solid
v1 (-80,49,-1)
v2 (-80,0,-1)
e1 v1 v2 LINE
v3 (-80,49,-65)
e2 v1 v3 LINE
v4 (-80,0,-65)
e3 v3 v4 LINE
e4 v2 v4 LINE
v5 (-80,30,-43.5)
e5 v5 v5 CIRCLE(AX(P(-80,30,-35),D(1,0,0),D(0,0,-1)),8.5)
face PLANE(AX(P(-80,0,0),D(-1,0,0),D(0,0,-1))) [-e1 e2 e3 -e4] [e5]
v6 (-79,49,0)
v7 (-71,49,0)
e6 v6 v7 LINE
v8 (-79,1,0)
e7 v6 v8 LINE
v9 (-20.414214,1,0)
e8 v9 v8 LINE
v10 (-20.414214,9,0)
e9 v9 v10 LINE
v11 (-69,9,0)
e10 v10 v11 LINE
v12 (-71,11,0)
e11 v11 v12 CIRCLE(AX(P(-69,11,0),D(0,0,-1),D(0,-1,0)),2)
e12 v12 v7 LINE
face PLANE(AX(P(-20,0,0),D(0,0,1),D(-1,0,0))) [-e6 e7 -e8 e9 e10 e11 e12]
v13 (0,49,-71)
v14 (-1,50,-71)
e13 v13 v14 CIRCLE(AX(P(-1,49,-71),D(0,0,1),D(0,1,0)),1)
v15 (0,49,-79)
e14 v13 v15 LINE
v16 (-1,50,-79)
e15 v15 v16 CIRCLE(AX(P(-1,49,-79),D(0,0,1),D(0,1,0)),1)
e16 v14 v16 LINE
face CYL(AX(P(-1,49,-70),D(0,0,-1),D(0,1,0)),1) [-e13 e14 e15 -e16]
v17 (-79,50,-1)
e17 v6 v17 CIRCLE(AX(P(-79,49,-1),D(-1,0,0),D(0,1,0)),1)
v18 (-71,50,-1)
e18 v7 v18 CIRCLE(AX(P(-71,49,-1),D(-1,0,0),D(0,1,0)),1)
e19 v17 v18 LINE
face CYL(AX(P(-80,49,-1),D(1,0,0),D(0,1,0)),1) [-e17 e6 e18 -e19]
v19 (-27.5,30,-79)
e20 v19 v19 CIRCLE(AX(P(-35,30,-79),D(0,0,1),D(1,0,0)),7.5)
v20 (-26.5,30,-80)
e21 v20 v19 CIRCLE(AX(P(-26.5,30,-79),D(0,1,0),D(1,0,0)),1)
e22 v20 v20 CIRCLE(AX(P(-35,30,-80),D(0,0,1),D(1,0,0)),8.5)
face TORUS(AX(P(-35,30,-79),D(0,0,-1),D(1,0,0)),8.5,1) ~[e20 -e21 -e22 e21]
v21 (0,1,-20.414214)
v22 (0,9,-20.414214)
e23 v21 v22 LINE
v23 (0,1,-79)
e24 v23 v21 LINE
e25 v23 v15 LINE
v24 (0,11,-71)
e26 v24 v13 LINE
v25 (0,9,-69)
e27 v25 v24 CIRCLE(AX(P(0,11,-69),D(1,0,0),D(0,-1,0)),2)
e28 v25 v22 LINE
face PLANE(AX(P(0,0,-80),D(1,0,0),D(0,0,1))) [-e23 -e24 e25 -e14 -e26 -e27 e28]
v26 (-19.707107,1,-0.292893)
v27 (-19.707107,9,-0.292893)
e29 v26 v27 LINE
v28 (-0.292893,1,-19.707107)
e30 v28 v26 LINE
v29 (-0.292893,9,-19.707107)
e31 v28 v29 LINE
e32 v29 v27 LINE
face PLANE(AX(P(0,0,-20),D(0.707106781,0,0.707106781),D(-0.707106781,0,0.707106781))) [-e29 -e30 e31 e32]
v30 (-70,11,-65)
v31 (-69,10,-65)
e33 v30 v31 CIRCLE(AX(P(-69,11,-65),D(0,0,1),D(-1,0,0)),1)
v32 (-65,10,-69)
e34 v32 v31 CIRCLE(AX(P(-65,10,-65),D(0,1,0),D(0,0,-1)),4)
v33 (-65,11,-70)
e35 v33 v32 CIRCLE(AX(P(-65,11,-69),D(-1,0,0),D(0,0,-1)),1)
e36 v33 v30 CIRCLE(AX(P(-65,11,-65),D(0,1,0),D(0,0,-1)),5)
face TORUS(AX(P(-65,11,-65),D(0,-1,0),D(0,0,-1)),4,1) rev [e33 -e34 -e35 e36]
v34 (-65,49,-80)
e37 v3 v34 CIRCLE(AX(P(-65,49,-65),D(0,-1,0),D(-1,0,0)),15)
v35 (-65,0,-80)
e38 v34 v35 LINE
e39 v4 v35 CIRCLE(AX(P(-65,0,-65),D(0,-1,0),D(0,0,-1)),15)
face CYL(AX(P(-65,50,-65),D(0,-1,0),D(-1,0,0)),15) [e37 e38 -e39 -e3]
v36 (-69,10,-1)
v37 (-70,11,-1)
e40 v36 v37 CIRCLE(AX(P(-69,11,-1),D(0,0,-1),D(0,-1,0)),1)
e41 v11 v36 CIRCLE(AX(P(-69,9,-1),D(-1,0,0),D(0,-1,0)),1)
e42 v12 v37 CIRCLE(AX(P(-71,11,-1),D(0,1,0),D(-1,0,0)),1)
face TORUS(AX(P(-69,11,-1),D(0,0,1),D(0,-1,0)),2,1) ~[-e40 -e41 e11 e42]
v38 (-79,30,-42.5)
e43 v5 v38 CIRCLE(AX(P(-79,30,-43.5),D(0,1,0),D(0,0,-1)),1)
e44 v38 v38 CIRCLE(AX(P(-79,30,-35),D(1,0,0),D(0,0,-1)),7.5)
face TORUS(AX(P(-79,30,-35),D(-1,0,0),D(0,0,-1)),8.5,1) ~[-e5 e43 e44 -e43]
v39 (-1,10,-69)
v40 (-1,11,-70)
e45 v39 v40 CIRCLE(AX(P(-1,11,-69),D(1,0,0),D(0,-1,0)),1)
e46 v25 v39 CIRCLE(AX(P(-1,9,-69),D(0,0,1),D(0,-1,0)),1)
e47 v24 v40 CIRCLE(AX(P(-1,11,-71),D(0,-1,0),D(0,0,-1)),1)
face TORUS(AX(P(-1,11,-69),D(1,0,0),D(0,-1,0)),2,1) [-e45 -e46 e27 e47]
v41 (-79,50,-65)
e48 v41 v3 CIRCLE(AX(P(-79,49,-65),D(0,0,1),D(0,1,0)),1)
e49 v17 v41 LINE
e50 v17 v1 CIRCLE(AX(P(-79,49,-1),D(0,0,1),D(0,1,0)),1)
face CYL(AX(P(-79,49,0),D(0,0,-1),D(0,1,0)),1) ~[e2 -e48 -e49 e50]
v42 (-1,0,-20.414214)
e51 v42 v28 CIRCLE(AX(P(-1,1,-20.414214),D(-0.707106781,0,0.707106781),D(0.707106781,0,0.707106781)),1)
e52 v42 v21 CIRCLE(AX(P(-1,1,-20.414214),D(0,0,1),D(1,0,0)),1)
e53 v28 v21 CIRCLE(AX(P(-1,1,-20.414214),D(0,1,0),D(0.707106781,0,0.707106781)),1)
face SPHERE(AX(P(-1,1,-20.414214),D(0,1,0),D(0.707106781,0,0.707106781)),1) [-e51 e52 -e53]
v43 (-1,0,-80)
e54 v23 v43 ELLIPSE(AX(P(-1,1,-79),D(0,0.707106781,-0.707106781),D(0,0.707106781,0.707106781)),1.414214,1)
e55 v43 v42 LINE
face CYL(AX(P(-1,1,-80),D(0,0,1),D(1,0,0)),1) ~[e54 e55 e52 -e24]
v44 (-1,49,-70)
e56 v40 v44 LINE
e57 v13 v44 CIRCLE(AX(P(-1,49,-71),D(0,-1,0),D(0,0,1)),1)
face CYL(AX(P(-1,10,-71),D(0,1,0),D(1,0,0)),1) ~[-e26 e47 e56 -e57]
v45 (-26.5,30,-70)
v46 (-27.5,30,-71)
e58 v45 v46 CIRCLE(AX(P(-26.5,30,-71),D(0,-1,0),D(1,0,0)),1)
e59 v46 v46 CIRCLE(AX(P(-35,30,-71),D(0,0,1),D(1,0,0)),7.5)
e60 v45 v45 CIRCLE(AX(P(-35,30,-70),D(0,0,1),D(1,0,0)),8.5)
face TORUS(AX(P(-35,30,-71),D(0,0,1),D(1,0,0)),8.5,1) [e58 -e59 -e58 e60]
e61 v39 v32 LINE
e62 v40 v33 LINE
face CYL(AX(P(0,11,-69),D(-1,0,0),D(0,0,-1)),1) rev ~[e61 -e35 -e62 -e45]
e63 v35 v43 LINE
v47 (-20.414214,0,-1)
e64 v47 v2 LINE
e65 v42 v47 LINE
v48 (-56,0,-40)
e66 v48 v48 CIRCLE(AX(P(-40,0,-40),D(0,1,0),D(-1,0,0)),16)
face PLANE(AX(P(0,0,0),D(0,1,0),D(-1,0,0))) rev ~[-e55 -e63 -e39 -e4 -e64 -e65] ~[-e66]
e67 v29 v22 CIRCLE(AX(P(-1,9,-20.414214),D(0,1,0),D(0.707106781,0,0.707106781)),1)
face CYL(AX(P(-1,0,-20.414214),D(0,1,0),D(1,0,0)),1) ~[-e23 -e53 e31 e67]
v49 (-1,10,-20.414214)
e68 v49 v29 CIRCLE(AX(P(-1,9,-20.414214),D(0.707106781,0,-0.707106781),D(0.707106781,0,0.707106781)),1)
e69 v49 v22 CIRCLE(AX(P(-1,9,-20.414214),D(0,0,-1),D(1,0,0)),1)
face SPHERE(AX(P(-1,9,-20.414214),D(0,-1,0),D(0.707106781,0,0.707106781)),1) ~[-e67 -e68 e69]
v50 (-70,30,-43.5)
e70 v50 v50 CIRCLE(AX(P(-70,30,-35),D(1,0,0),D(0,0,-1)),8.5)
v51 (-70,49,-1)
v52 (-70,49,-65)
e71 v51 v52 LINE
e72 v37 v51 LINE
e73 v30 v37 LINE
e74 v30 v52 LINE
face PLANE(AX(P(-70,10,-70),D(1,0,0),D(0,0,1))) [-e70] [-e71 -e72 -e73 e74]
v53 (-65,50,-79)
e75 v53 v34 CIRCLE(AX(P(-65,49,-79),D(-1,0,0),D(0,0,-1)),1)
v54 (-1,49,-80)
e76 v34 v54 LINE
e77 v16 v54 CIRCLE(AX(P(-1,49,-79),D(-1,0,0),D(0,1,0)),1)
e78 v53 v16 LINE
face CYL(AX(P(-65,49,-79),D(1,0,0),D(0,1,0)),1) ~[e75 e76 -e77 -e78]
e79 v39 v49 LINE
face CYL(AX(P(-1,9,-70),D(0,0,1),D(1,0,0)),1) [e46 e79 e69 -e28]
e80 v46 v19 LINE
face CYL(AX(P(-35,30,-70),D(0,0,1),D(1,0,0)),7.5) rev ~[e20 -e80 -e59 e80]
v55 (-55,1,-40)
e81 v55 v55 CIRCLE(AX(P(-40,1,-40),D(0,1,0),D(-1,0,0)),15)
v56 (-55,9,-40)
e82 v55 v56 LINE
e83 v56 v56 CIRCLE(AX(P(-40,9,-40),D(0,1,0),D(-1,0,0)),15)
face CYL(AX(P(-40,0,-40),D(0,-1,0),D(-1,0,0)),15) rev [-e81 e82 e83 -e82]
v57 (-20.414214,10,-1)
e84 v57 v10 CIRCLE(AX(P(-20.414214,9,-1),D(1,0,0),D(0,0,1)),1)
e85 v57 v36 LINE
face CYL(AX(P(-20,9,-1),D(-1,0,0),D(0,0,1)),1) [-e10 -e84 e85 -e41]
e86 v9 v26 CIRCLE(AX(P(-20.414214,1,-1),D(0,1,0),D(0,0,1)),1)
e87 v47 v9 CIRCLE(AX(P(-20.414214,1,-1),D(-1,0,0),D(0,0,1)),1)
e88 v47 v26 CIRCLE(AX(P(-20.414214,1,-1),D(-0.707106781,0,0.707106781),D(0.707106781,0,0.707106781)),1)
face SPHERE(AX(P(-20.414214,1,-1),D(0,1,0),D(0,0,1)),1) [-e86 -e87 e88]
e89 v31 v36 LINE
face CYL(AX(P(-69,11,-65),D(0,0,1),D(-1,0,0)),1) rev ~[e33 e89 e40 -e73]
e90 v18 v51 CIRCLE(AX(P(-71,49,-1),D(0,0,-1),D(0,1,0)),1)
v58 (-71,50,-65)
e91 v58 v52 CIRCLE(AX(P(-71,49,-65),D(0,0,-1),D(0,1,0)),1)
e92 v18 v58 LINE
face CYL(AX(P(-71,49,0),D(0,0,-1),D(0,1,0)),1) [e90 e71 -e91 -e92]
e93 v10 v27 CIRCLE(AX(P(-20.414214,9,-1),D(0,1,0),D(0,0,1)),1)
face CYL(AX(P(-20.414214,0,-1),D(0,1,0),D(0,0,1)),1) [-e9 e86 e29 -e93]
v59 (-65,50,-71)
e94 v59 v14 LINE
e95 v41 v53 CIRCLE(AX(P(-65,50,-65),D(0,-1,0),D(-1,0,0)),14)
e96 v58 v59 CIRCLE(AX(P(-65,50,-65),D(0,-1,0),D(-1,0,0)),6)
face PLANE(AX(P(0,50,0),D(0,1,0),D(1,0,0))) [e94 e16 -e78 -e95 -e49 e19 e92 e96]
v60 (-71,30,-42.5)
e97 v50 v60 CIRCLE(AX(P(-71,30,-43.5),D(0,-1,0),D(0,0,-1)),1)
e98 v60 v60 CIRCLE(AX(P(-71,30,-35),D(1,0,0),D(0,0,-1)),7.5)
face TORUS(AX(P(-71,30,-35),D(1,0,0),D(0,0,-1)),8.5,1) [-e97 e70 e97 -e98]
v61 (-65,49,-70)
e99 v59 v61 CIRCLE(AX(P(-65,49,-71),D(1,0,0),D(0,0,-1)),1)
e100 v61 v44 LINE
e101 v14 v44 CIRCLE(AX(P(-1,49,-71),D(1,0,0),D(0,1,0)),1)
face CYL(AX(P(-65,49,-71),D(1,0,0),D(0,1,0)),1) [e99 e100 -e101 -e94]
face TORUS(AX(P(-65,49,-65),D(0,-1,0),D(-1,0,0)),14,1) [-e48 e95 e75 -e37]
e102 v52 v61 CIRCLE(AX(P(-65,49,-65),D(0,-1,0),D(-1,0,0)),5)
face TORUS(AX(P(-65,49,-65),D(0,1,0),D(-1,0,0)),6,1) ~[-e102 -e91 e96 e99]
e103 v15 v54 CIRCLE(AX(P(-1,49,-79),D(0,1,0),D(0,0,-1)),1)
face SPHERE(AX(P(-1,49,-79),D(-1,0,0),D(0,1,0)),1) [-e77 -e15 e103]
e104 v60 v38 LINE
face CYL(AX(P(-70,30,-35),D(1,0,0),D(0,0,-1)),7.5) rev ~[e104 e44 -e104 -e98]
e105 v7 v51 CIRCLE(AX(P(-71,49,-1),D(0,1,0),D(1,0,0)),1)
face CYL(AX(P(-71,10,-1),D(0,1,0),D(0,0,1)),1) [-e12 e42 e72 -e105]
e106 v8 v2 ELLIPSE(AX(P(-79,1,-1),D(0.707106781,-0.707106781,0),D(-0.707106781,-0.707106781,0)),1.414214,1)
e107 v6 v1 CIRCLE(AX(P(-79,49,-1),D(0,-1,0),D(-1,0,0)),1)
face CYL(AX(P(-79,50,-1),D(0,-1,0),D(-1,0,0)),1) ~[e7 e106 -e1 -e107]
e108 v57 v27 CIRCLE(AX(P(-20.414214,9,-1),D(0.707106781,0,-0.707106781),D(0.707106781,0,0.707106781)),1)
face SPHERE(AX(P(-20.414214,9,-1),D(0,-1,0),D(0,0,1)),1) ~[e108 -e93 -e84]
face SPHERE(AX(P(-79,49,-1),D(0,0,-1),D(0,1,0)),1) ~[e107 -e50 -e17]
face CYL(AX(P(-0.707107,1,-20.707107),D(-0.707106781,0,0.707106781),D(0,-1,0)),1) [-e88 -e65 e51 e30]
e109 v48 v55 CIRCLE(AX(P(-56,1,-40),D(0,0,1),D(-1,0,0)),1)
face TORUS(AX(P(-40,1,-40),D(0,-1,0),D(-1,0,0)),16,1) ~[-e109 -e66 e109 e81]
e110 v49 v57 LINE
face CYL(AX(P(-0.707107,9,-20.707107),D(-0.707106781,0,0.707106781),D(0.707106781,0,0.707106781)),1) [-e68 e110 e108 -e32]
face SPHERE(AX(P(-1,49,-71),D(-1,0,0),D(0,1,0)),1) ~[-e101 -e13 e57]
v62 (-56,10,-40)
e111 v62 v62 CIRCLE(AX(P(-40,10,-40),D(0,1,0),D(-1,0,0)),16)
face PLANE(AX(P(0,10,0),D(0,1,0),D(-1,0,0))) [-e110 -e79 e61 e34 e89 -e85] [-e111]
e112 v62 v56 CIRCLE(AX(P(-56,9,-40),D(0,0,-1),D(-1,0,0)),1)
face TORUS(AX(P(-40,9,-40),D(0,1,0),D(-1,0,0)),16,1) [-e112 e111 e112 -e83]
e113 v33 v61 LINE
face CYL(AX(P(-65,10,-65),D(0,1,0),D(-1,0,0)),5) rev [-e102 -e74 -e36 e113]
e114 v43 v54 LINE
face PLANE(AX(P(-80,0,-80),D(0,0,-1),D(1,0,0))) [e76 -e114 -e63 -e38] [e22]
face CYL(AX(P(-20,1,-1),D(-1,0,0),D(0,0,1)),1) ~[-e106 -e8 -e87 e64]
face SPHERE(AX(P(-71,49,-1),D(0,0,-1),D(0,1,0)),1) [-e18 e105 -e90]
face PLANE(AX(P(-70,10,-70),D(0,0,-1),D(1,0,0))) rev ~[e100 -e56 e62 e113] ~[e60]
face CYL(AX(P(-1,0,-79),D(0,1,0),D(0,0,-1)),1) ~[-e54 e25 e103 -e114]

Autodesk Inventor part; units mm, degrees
ref_plane "YZ Plane" through (0, 0, 0) normal (1, 0, 0) x (0, 1, 0)
ref_plane "XZ Plane" through (0, 0, 0) normal (0, 1, 0) x (-1, 0, 0)
ref_plane "XY Plane" through (0, 0, 0) normal (0, 0, 1) x (1, 0, 0)
sketch "Sketch1" plane through (0, 0, 0) normal (0, 1, 0) x (-1, 0, 0)
  line L0 (0, 0) -> (80, 0)
  line L1 (80, 0) -> (80, -80)
  line L2 (80, -80) -> (0, -80)
  line L3 (0, -80) -> (0, 0)
  circle A0 centre (40, -40) radius 15
  line L4 (0, 0) -> (0, -16.4166)
  line L5 (0, -20) -> (20, 0)
  dimension "d0" = 80
  dimension "d1" = 80
  dimension "d2" = 30
  dimension "d3" = 40
  dimension "d4" = 40
  dimension "d5" = 20
  dimension "d6" = 20
extrude "Extrusion1" add sketch "Sketch1" along normal blind 10 contours L0 L1 L2 L3 L5
sketch "Sketch2" plane through (0, 10, 0) normal (0, 1, 0) x (1, 0, 0)
  point P0 (0, 0)
sketch "Sketch3" plane through (0, 10, 0) normal (0, 1, 0) x (1, 0, 0)
  line L0 (-80, 80) -> (-80, 0) projected
  line L1 (-80, 70) -> (0, 70)
  line L2 (0, 20) -> (0, 80) projected
  line L3 (0, 80) -> (-80, 80) projected
  line L4 (-80, 0) -> (-20, 0) projected
  line L5 (-70, 80) -> (-70, 0)
  point P0 (0, 0)
  point P1 (-70, 70)
  dimension "d9" = 10
  dimension "d11" = 10
extrude "Extrusion2" add sketch "Sketch3" along normal blind 40
fillet "Fillet1" radius 5 1 edges at (-70, 30, -70)
fillet "Fillet2" radius 15 1 edges at (-80, 25, -80)
sketch "Sketch4" plane through (0, 10, -70) normal (0, 0, 1) x (1, 0, 0)
  circle A0 centre (-35, 20) radius 7.5
  line L0 (-65, 40) -> (0, 40) projected
  line L1 (0, 0) -> (0, 40) projected
  point P0 (0, -10)
  dimension "d16" = 15
  dimension "d17" = 20
  dimension "d18" = 35
extrude "Extrusion3" cut sketch "Sketch4" against normal blind 10
sketch "Sketch5" plane through (-70, 10, 0) normal (1, 0, 0) x (0, 0, -1)
  circle A0 centre (35, 20) radius 7.5
  line L0 (0, 0) -> (0, 40) projected
  line L1 (0, 40) -> (65, 40) projected
  point P0 (0, -10)
  dimension "d21" = 15
  dimension "d22" = 35
  dimension "d23" = 20
extrude "Extrusion4" cut sketch "Sketch5" against normal blind 10
fillet "Fillet3" radius 1 28 edges at (-32.5, 50, -70) (-70, 50, -32.5) (-75.6066, 50, -75.6066) (-32.5, 50, -80) (-80, 50, -32.5) (-75, 50, 0) (0, 50, -75) (0, 30, -70) (-70, 30, 0) (-70, 10, -32.5) (-68.5355, 10, -68.5355) (-32.5, 10, -70) (0, 0, -50) (0, 25, -80) (0, 10, -45) (0, 5, -20) (-10, 0, -10) (-10, 10, -10) (-20, 5, 0) (-50, 0, 0) (-45, 10, 0) (-80, 25, 0) (-42.5, 30, -70) (-70, 30, -27.5) (-42.5, 30, -80) (-80, 30, -27.5) (-25, 0, -40) (-25, 10, -40)
properties material "Steel, Galvanized"
